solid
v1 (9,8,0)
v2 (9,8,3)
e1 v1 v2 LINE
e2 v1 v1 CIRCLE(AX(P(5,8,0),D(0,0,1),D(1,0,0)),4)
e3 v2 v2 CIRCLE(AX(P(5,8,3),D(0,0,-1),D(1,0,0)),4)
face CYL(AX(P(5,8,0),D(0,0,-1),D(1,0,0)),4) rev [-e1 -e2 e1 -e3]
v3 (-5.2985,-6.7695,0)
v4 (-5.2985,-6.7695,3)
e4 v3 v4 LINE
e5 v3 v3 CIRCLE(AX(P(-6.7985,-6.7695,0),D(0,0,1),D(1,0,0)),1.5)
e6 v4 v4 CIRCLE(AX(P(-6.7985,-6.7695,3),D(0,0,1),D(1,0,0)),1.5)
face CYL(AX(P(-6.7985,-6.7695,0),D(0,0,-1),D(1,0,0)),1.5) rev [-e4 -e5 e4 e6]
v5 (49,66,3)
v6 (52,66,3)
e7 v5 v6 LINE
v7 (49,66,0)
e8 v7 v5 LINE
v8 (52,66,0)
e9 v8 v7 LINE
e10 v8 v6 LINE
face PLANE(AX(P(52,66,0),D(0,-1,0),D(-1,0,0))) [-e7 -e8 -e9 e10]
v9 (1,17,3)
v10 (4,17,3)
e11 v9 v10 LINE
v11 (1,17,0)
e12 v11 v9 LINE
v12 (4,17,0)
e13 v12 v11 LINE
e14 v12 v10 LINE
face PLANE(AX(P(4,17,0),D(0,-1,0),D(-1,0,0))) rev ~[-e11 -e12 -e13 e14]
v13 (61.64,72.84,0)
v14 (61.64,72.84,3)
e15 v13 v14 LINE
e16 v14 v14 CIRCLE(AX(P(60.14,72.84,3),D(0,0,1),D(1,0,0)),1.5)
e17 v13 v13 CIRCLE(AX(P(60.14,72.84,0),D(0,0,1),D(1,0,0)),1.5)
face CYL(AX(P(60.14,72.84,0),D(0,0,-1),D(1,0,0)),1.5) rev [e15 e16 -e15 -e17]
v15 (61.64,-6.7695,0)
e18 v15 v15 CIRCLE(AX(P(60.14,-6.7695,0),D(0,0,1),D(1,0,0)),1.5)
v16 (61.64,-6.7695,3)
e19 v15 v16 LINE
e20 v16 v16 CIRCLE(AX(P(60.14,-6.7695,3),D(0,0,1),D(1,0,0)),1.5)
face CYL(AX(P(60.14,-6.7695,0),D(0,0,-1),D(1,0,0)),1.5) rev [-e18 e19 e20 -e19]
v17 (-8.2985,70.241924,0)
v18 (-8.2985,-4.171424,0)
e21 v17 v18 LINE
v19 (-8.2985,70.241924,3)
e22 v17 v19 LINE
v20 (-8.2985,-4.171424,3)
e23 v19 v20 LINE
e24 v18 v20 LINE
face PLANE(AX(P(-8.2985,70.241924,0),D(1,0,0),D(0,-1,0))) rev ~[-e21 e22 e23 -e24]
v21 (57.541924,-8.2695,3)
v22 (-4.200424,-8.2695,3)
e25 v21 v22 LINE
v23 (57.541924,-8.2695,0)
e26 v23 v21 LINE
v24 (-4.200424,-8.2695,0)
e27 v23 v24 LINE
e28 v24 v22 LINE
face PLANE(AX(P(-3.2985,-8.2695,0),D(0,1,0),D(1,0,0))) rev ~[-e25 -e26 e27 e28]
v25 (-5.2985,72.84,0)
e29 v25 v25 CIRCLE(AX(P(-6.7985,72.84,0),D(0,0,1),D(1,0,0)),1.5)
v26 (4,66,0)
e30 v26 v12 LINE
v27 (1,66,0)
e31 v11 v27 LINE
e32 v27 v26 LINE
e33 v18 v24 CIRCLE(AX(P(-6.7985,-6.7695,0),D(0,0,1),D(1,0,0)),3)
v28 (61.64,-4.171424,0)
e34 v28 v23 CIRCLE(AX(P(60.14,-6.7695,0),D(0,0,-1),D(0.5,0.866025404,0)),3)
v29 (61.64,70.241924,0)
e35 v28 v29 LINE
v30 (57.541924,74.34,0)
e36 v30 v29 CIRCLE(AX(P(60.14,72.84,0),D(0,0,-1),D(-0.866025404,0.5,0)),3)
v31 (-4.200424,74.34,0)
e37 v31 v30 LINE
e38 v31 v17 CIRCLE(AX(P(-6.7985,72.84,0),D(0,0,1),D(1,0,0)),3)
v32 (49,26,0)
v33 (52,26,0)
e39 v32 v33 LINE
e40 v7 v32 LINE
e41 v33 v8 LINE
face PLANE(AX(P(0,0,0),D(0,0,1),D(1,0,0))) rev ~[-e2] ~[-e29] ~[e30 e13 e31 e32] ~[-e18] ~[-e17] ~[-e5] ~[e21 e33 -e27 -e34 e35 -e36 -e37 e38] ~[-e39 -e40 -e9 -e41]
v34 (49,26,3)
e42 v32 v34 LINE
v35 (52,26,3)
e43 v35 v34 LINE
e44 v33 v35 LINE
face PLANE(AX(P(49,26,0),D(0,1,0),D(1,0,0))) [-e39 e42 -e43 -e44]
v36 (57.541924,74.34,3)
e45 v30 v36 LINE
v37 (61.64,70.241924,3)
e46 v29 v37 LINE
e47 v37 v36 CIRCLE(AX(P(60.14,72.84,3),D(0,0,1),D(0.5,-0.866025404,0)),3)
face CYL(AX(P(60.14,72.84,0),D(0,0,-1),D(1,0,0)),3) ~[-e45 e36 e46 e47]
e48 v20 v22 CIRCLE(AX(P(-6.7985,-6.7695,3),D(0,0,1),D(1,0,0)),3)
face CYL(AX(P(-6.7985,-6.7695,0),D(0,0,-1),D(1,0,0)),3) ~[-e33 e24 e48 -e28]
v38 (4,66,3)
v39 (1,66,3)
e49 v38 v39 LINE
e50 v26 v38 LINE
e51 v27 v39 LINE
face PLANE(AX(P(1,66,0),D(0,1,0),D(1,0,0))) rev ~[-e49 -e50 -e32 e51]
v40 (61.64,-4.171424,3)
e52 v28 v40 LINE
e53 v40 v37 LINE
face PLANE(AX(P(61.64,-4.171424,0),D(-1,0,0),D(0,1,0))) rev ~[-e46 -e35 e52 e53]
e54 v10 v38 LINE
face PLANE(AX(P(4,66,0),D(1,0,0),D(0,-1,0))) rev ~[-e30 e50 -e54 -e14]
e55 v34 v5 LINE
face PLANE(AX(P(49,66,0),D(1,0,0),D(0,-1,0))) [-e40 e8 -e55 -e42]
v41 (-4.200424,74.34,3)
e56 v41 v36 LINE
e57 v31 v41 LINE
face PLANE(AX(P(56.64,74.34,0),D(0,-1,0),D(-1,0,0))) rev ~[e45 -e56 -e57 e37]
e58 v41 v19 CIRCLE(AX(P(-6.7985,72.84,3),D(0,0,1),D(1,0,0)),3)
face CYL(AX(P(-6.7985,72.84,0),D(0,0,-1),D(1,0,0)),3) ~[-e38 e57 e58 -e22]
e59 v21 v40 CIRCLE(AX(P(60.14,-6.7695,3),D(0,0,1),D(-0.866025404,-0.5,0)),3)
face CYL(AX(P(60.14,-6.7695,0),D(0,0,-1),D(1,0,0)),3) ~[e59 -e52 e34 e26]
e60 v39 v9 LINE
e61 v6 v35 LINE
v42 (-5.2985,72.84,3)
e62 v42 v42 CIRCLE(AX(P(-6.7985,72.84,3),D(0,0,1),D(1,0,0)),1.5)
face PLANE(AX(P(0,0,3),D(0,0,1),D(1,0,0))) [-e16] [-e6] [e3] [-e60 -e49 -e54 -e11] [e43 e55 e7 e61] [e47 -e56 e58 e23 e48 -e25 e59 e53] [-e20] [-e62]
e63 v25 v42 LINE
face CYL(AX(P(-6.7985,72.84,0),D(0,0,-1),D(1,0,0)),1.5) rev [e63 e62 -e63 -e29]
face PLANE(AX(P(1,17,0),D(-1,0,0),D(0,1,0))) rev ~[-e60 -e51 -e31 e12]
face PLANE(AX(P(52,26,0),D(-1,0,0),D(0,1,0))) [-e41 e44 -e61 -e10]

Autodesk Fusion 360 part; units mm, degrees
sketch "Esquisse1" plane through (0, 0, 0) normal (0, 0, 1) x (1, 0, 0)
  line L0 (0, 0) -> (53.34, 0)
  line L1 (53.34, 0) -> (53.34, 66.04)
  line L2 (48.06, 68.58) -> (15.49, 68.58)
  line L3 (0, 66.04) -> (0, 0)
  line L4 (12.95, 66.04) -> (0, 66.04)
  line L5 (12.95, 66.04) -> (15.49, 68.58)
  line L6 (12.95, 66.04) -> (16.5421, 66.04) construction
  line L7 (50.6, 66.04) -> (53.34, 66.04)
  line L8 (50.6, 66.04) -> (48.06, 68.58)
  line L9 (50.6, 66.04) -> (54.1921, 66.04) construction
  line L10 (0, 0) -> (2.54, 0)
  line L11 (0, 15.24) -> (0, 0)
  line L12 (53.34, 0) -> (50.8, 0)
  line L13 (53.34, 13.97) -> (53.34, 0)
  line L14 (53.34, 66.04) -> (50.6, 66.04)
  line L15 (0, 66.04) -> (12.95, 66.04)
  line L16 (-0.3, 66.04) -> (-0.3, 56.04)
  line L17 (0, 56.04) -> (0, 66.04)
  line L18 (0, 66.04) -> (10, 66.04)
  line L19 (10, 66.34) -> (-0.3, 66.34)
  line L20 (-0.3, 66.34) -> (-0.3, 66.04)
  line L21 (-0.3, 56.04) -> (-3.3, 56.04)
  line L22 (-3.3, 56.04) -> (-3.3, 66.34)
  line L23 (-0.3, 66.34) -> (-0.3, 56.04)
  line L24 (10, 66.34) -> (-0.3, 66.34)
  line L25 (-0.3, 69.34) -> (10, 69.34)
  line L26 (10, 69.34) -> (10, 66.34)
  line L27 (-3.3, 66.34) -> (-3.3, 69.34)
  line L28 (-3.3, 69.34) -> (-0.3, 69.34)
  line L29 (-0.2984, 0.0305) -> (-0.2984, 9.0305)
  line L30 (0, 9) -> (0, 0)
  line L31 (0, 0) -> (9.0015, 0)
  line L32 (9.0015, -0.2695) -> (-0.2984, -0.2695)
  line L33 (-0.2984, -0.2695) -> (-0.2984, 0.0305)
  line L34 (-0.2984, 9.0305) -> (-3.2984, 9.0305)
  line L35 (-3.2984, 9.0305) -> (-3.2984, -0.3)
  line L36 (-0.2984, -0.2695) -> (-0.2984, 9.0305)
  line L37 (9.0015, -0.2695) -> (0.0015, -0.2695)
  line L38 (0, 0) -> (0, 2.7305)
  line L39 (9.0015, -0.2695) -> (-0.2984, -0.2695)
  line L40 (-3.2984, -0.3) -> (-3.2984, -3.2695)
  line L41 (-3.2984, -3.2695) -> (9.0015, -3.2695)
  line L42 (9.0015, -3.2695) -> (9.0015, -0.2695)
  line L43 (53.34, 0) -> (53.34, 33.02)
  line L44 (53.64, 33.02) -> (53.64, 43.02)
  line L45 (53.34, 43.02) -> (53.34, 33.02)
  line L46 (53.64, 33.02) -> (53.64, 23.02)
  line L47 (53.64, 43.02) -> (56.64, 43.02)
  line L48 (56.64, 43.02) -> (56.64, 23.02)
  line L49 (56.64, 23.02) -> (53.64, 23.02)
  line L50 (53.64, 23.02) -> (53.64, 43.02)
  circle A0 centre (45.72, 66.04) radius 1.5
  circle A1 centre (17.78, 66.04) radius 1.5
  circle A2 centre (50.8, 13.97) radius 1.5
  circle A3 centre (2.54, 15.24) radius 1.5
  line L51 (-3.2985, -8.2695) -> (-8.2985, -8.2695)
  line L52 (56.64, 74.34) -> (61.64, 74.34)
  line L53 (-8.2985, -8.2695) -> (61.64, -8.2695)
  line L54 (61.64, -8.2695) -> (61.64, 74.34)
  line L55 (61.64, 74.34) -> (-8.2985, 74.34)
  line L56 (-8.2985, 74.34) -> (-8.2985, -8.2695)
  line L57 (-8.2985, 74.34) -> (-8.2985, 71.34)
  line L58 (-5.2985, 71.34) -> (58.64, 71.34)
  line L59 (-8.2985, -8.2695) -> (-5.2985, -8.2695)
  line L60 (-8.2985, -5.2695) -> (-8.2985, -8.2695)
  line L61 (-5.2985, -5.2695) -> (-5.2985, 71.34)
  line L62 (61.64, -8.2695) -> (58.64, -8.2695)
  line L63 (61.64, -5.2695) -> (61.64, -8.2695)
  line L64 (61.64, 74.34) -> (58.64, 74.34)
  line L65 (61.64, 71.34) -> (61.64, 74.34)
  line L66 (58.64, 71.34) -> (58.64, -5.2695)
  line L67 (-5.2985, -5.2695) -> (58.64, -5.2695)
  line L68 (61.64, 74.34) -> (60.14, 74.34)
  line L69 (60.14, 74.34) -> (60.14, 72.84)
  line L70 (60.14, 72.84) -> (61.64, 72.84)
  line L71 (61.64, 72.84) -> (61.64, 74.34)
  circle A4 centre (60.14, 72.84) radius 3
  line L72 (61.64, -8.2695) -> (60.14, -8.2695)
  line L73 (60.14, -8.2695) -> (60.14, -6.7695)
  line L74 (60.14, -6.7695) -> (61.64, -6.7695)
  line L75 (61.64, -6.7695) -> (61.64, -8.2695)
  circle A5 centre (60.14, -6.7695) radius 3
  line L76 (-8.2985, -8.2695) -> (-6.7985, -8.2695)
  line L77 (-6.7985, -8.2695) -> (-6.7985, -6.7695)
  line L78 (-6.7985, -6.7695) -> (-8.2985, -6.7695)
  line L79 (-8.2985, -6.7695) -> (-8.2985, -8.2695)
  circle A6 centre (-6.7985, -6.7695) radius 3
  line L80 (-8.2985, 74.34) -> (-6.7985, 74.34)
  line L81 (-6.7985, 74.34) -> (-6.7985, 72.84)
  line L82 (-6.7985, 72.84) -> (-8.2985, 72.84)
  line L83 (-8.2985, 72.84) -> (-8.2985, 74.34)
  circle A7 centre (-6.7985, 72.84) radius 3
  dimension "LargeurArduino" = 53.34
  dimension "d5" = 45
  dimension "d8" = 135
  dimension "d9" = 17.78
  dimension "d10" = 7.62
  dimension "d13" = 2.54
  dimension "d14" = 15.24
  dimension "d15" = 2.54
  dimension "d16" = 13.97
  dimension "DistanceMorsArduino" = 0.3
  dimension "d27" = 10
  dimension "d28" = 10.3
  dimension "d29" = 0.3
  dimension "d30" = 3
  dimension "d31" = 10.3
  dimension "d32" = 10.3
  dimension "d33" = 3
  dimension "d34" = 3
  dimension "d35" = 3
  dimension "d36" = 0.3
  dimension "d37" = 9
  dimension "d38" = 9.3
  dimension "d39" = 0.3
  dimension "d40" = 3
  dimension "d41" = 9.3
  dimension "d42" = 9
  dimension "d44" = 12.3
  dimension "d45" = 3
  dimension "d46" = 33.02
  dimension "d47" = 0.3
  dimension "d48" = 10
  dimension "d49" = 0.3
  dimension "d51" = 3
  dimension "d52" = 20
  dimension "d54" = 3
  dimension "d55" = 3
  dimension "d56" = 3
  dimension "d59" = 5
  dimension "d60" = 5
  dimension "d63" = 5
  dimension "EpaisseurBoitier" = 3
  dimension "d65" = 3
  dimension "d66" = 3
  dimension "d67" = 3
  dimension "d68" = 3
  dimension "d69" = 3
  dimension "d70" = 3
  dimension "d71" = 3
  dimension "d72" = 1.5
  dimension "d73" = 1.5
  dimension "d74" = 6
  dimension "d75" = 1.5
  dimension "d76" = 1.5
  dimension "d77" = 6
  dimension "d78" = 1.5
  dimension "d79" = 1.5
  dimension "d80" = 6
  dimension "d81" = 1.5
  dimension "d82" = 1.5
  dimension "d83" = 6
sketch "Esquisse10" plane through (0, 0, 0) normal (0, 0, 1) x (1, 0, 0)
sketch "Esquisse9" plane through (0, 0, 0) normal (0, 0, 1) x (1, 0, 0)
sketch "Esquisse2" plane through (0, 0, 0) normal (0, 0, 1) x (1, 0, 0)
sketch "Esquisse13" plane through (0, 0, 0) normal (0, 0, 1) x (1, 0, 0)
sketch "Esquisse11" plane through (0, 0, 0) normal (0, 0, 1) x (1, 0, 0)
  line L0 (0, 66) -> (1, 66)
  line L1 (1, 66) -> (4, 66)
  line L2 (4, 66) -> (4, 17)
  line L3 (4, 17) -> (1, 17)
  line L4 (1, 17) -> (1, 66)
  line L5 (53, 66) -> (52, 66)
  line L6 (52, 66) -> (49, 66)
  line L7 (49, 66) -> (49, 26)
  line L8 (49, 26) -> (52, 26)
  line L9 (52, 26) -> (52, 66)
  line L10 (0, 0) -> (5, 0)
  line L11 (5, 0) -> (5, 8)
  line L12 (5, 8) -> (0, 8)
  line L13 (0, 8) -> (0, 0)
  circle A0 centre (5, 8) radius 4
  dimension "d157" = 1
  dimension "d158" = 3
  dimension "d159" = 49
  dimension "d160" = 1
  dimension "d161" = 3
  dimension "d162" = 40
  dimension "d163" = 5
  dimension "d164" = 8
  dimension "d165" = 8
extrude "Extrusion15" add sketch "Esquisse11" sketch "Esquisse1" along normal blind 3 of sketch 2 contours L0 L1 L2 L3 L4 L5 L7 L8 L10 L11 L12 L13 L14 L15 L17 L18 L30 L31 L38 L43 L45 | L16 L19 L20 L21 L22 L23 L24 L25 L26 L27 L28 | L29 L32 L33 L34 L35 L36 L37 L39 L40 L41 L42 | L44 L46 L47 L48 L49 L50 | A0 | A1 | A2 | A3 | L51 L53 L56 L59 L60 L76 L79 A6 | L51 L53 L56 L59 L60 L61 L67 L77 L78 A6 | L51 L53 L56 L59 L60 L76 L77 L78 L79 | L51 L53 L67 A5 A6 | L56 L61 A6 A7 | L53 L54 L62 L63 L66 L67 L73 L74 A5 | L53 L54 L62 L63 L72 L75 A5 | L55 L56 L57 L80 L83 A7 | L55 L56 L57 L58 L61 L81 L82 A7 | L61 L67 A6 | L58 L61 L66 L67 A4 A5 A6 A7 | L66 L67 A5 | L52 L55 L58 A4 A7 | L58 L61 A7 | L53 L54 L62 L63 L72 L73 L74 L75 | L54 L66 A4 A5 | L55 L56 L57 L80 L81 L82 L83 | L58 L66 A4 | L52 L54 L55 L58 L64 L65 L66 L69 L70 A4 | L52 L54 L55 L64 L65 L68 L71 A4 | L52 L54 L55 L64 L65 L68 L69 L70 L71
sketch "Esquisse12" plane through (0, 0, 0) normal (0, 0, 1) x (1, 0, 0)
sketch "Esquisse14" plane through (0, 0, 0) normal (0, 0, 1) x (1, 0, 0)
extrude "Extrusion16" cut sketch "Esquisse11" along normal blind 15 contours L11 L12 A0 | L11 L12 A0
extrude "Extrusion17" cut sketch "Esquisse11" along normal blind 5 contours L6 L7 L8 L9
extrude "Extrusion18" cut sketch "Esquisse11" along normal blind 5 contours L1 L2 L3 L4
sketch "Esquisse15" plane through (0, 0, 0) normal (0, 0, 1) x (1, 0, 0)
  circle A0 centre (-6.7985, 72.84) radius 1.5
  circle A1 centre (60.14, 72.84) radius 1.5
  circle A2 centre (-6.7985, -6.7695) radius 1.5
  circle A3 centre (60.14, -6.7695) radius 1.5
  point P0 (-6.7985, 72.84)
  point P1 (60.14, 72.84)
  point P2 (-6.7985, 72.84)
  point P3 (-6.7985, -6.7695)
  point P4 (60.14, -6.7695)
  dimension "d174" = 3
  dimension "d175" = 3
  dimension "d176" = 3
  dimension "d177" = 3
extrude "Extrusion19" cut sketch "Esquisse15" along normal blind 3
sketch "Esquisse16" plane through (0, 0, 3) normal (0, 0, 1) x (-1, 0, 0)
  circle A0 centre (-60.14, -72.84) radius 1.5
  circle A1 centre (6.7985, 6.7695) radius 1.5
  circle A2 centre (6.7985, -72.84) radius 1.5
  circle A3 centre (-60.14, 6.7695) radius 1.5
  line L0 (-1, -17) -> (-1, -66)
  line L1 (-1, -66) -> (-4, -66)
  line L2 (-4, -66) -> (-4, -17)
  line L3 (-4, -17) -> (-1, -17)
  line L4 (-52, -26) -> (-49, -26)
  line L5 (-49, -26) -> (-49, -66)
  line L6 (-49, -66) -> (-52, -66)
  line L7 (-52, -66) -> (-52, -26)
  circle A4 centre (-5, -8) radius 4
  line L8 (-57.5419, -74.34) -> (4.2004, -74.34)
  arc A5 (4.2004, -74.34) -> (8.2985, -70.2419) centre (6.7985, -72.84) ccw
  line L9 (8.2985, -70.2419) -> (8.2985, 4.1714)
  arc A6 (8.2985, 4.1714) -> (4.2004, 8.2695) centre (6.7985, 6.7695) ccw
  line L10 (4.2004, 8.2695) -> (-57.5419, 8.2695)
  arc A7 (-57.5419, 8.2695) -> (-61.64, 4.1714) centre (-60.14, 6.7695) ccw
  line L11 (-61.64, 4.1714) -> (-61.64, -70.2419)
  arc A8 (-61.64, -70.2419) -> (-57.5419, -74.34) centre (-60.14, -72.84) ccw
  line L12 (-39.0942, -3.1233) -> (-39.3144, -74.255) construction
  line L13 (-39.3144, -74.255) -> (-11.8714, -74.34) construction
  line L14 (-11.8714, -74.34) -> (-11.6511, -3.2083) construction
  line L15 (-11.6511, -3.2083) -> (-39.0942, -3.1233) construction
  dimension "d180" = 10
component "CouvercleArduino" placed x (1, 0, 0) y (0, 1, 0) z (0, 0, 1) at (0, 0, 0)
equation "LongueurArduino = 68.58 mm"
equation "DiamètreArduino = 3.2 mm"
equation "LargeurBoitier = 90 mm"
equation "LongueurBoitier = 100 mm"
equation "EpaisseurMors = 3 mm"
equation "d29 = DistanceMorsArduino"
equation "d30 = EpaisseurMors"
equation "d33 = EpaisseurMors"
equation "d36 = DistanceMorsArduino"
equation "d39 = DistanceMorsArduino"
equation "d40 = EpaisseurMors"
equation "d45 = EpaisseurMors"
equation "d47 = DistanceMorsArduino"
equation "d49 = DistanceMorsArduino"
equation "d51 = EpaisseurMors"
equation "DiamètreMors = 3 mm"
equation "d54 = DiamètreMors"
equation "d55 = DiamètreMors"
equation "d56 = DiamètreMors"
equation "DistanceMorsBoitier = 5 mm"
equation "d59 = DistanceMorsBoitier"
equation "d60 = DistanceMorsBoitier"
equation "d63 = DistanceMorsBoitier"
equation "d65 = EpaisseurBoitier"
equation "d66 = EpaisseurBoitier"
equation "d67 = EpaisseurBoitier"
equation "d68 = EpaisseurBoitier"
equation "d69 = EpaisseurBoitier"
equation "d70 = EpaisseurBoitier"
equation "d71 = EpaisseurBoitier"
equation "d72 = EpaisseurBoitier / 2"
equation "d73 = EpaisseurBoitier / 2"
equation "d74 = EpaisseurBoitier * 2"
equation "d75 = EpaisseurBoitier / 2"
equation "d76 = EpaisseurBoitier / 2"
equation "d77 = EpaisseurBoitier * 2"
equation "d78 = EpaisseurBoitier / 2"
equation "d79 = EpaisseurBoitier / 2"
equation "d80 = EpaisseurBoitier * 2"
equation "d81 = EpaisseurBoitier / 2"
equation "d82 = EpaisseurBoitier / 2"
equation "d83 = EpaisseurBoitier * 2"
equation "HauteurMors = 5 mm"
equation "HauteurBoitier = 25 mm"
equation "CongéMors = 1 mm"
equation "DiamètreVis = 3 mm"
equation "mm = 1 mm"
equation "d174 = DiamètreVis"
equation "d175 = DiamètreVis"
equation "d176 = DiamètreVis"
equation "d177 = DiamètreVis"
equation "d128 = LargeurArduino"
equation "d129 = LongueurArduino - 2.54 mm"
equation "d139 = DiamètreVis"
equation "d140 = DiamètreVis"
equation "d141 = DiamètreVis"
equation "d150 = DiamètreVis"
equation "d151 = DiamètreVis"
equation "d152 = DiamètreVis"
equation "d153 = DiamètreVis"
